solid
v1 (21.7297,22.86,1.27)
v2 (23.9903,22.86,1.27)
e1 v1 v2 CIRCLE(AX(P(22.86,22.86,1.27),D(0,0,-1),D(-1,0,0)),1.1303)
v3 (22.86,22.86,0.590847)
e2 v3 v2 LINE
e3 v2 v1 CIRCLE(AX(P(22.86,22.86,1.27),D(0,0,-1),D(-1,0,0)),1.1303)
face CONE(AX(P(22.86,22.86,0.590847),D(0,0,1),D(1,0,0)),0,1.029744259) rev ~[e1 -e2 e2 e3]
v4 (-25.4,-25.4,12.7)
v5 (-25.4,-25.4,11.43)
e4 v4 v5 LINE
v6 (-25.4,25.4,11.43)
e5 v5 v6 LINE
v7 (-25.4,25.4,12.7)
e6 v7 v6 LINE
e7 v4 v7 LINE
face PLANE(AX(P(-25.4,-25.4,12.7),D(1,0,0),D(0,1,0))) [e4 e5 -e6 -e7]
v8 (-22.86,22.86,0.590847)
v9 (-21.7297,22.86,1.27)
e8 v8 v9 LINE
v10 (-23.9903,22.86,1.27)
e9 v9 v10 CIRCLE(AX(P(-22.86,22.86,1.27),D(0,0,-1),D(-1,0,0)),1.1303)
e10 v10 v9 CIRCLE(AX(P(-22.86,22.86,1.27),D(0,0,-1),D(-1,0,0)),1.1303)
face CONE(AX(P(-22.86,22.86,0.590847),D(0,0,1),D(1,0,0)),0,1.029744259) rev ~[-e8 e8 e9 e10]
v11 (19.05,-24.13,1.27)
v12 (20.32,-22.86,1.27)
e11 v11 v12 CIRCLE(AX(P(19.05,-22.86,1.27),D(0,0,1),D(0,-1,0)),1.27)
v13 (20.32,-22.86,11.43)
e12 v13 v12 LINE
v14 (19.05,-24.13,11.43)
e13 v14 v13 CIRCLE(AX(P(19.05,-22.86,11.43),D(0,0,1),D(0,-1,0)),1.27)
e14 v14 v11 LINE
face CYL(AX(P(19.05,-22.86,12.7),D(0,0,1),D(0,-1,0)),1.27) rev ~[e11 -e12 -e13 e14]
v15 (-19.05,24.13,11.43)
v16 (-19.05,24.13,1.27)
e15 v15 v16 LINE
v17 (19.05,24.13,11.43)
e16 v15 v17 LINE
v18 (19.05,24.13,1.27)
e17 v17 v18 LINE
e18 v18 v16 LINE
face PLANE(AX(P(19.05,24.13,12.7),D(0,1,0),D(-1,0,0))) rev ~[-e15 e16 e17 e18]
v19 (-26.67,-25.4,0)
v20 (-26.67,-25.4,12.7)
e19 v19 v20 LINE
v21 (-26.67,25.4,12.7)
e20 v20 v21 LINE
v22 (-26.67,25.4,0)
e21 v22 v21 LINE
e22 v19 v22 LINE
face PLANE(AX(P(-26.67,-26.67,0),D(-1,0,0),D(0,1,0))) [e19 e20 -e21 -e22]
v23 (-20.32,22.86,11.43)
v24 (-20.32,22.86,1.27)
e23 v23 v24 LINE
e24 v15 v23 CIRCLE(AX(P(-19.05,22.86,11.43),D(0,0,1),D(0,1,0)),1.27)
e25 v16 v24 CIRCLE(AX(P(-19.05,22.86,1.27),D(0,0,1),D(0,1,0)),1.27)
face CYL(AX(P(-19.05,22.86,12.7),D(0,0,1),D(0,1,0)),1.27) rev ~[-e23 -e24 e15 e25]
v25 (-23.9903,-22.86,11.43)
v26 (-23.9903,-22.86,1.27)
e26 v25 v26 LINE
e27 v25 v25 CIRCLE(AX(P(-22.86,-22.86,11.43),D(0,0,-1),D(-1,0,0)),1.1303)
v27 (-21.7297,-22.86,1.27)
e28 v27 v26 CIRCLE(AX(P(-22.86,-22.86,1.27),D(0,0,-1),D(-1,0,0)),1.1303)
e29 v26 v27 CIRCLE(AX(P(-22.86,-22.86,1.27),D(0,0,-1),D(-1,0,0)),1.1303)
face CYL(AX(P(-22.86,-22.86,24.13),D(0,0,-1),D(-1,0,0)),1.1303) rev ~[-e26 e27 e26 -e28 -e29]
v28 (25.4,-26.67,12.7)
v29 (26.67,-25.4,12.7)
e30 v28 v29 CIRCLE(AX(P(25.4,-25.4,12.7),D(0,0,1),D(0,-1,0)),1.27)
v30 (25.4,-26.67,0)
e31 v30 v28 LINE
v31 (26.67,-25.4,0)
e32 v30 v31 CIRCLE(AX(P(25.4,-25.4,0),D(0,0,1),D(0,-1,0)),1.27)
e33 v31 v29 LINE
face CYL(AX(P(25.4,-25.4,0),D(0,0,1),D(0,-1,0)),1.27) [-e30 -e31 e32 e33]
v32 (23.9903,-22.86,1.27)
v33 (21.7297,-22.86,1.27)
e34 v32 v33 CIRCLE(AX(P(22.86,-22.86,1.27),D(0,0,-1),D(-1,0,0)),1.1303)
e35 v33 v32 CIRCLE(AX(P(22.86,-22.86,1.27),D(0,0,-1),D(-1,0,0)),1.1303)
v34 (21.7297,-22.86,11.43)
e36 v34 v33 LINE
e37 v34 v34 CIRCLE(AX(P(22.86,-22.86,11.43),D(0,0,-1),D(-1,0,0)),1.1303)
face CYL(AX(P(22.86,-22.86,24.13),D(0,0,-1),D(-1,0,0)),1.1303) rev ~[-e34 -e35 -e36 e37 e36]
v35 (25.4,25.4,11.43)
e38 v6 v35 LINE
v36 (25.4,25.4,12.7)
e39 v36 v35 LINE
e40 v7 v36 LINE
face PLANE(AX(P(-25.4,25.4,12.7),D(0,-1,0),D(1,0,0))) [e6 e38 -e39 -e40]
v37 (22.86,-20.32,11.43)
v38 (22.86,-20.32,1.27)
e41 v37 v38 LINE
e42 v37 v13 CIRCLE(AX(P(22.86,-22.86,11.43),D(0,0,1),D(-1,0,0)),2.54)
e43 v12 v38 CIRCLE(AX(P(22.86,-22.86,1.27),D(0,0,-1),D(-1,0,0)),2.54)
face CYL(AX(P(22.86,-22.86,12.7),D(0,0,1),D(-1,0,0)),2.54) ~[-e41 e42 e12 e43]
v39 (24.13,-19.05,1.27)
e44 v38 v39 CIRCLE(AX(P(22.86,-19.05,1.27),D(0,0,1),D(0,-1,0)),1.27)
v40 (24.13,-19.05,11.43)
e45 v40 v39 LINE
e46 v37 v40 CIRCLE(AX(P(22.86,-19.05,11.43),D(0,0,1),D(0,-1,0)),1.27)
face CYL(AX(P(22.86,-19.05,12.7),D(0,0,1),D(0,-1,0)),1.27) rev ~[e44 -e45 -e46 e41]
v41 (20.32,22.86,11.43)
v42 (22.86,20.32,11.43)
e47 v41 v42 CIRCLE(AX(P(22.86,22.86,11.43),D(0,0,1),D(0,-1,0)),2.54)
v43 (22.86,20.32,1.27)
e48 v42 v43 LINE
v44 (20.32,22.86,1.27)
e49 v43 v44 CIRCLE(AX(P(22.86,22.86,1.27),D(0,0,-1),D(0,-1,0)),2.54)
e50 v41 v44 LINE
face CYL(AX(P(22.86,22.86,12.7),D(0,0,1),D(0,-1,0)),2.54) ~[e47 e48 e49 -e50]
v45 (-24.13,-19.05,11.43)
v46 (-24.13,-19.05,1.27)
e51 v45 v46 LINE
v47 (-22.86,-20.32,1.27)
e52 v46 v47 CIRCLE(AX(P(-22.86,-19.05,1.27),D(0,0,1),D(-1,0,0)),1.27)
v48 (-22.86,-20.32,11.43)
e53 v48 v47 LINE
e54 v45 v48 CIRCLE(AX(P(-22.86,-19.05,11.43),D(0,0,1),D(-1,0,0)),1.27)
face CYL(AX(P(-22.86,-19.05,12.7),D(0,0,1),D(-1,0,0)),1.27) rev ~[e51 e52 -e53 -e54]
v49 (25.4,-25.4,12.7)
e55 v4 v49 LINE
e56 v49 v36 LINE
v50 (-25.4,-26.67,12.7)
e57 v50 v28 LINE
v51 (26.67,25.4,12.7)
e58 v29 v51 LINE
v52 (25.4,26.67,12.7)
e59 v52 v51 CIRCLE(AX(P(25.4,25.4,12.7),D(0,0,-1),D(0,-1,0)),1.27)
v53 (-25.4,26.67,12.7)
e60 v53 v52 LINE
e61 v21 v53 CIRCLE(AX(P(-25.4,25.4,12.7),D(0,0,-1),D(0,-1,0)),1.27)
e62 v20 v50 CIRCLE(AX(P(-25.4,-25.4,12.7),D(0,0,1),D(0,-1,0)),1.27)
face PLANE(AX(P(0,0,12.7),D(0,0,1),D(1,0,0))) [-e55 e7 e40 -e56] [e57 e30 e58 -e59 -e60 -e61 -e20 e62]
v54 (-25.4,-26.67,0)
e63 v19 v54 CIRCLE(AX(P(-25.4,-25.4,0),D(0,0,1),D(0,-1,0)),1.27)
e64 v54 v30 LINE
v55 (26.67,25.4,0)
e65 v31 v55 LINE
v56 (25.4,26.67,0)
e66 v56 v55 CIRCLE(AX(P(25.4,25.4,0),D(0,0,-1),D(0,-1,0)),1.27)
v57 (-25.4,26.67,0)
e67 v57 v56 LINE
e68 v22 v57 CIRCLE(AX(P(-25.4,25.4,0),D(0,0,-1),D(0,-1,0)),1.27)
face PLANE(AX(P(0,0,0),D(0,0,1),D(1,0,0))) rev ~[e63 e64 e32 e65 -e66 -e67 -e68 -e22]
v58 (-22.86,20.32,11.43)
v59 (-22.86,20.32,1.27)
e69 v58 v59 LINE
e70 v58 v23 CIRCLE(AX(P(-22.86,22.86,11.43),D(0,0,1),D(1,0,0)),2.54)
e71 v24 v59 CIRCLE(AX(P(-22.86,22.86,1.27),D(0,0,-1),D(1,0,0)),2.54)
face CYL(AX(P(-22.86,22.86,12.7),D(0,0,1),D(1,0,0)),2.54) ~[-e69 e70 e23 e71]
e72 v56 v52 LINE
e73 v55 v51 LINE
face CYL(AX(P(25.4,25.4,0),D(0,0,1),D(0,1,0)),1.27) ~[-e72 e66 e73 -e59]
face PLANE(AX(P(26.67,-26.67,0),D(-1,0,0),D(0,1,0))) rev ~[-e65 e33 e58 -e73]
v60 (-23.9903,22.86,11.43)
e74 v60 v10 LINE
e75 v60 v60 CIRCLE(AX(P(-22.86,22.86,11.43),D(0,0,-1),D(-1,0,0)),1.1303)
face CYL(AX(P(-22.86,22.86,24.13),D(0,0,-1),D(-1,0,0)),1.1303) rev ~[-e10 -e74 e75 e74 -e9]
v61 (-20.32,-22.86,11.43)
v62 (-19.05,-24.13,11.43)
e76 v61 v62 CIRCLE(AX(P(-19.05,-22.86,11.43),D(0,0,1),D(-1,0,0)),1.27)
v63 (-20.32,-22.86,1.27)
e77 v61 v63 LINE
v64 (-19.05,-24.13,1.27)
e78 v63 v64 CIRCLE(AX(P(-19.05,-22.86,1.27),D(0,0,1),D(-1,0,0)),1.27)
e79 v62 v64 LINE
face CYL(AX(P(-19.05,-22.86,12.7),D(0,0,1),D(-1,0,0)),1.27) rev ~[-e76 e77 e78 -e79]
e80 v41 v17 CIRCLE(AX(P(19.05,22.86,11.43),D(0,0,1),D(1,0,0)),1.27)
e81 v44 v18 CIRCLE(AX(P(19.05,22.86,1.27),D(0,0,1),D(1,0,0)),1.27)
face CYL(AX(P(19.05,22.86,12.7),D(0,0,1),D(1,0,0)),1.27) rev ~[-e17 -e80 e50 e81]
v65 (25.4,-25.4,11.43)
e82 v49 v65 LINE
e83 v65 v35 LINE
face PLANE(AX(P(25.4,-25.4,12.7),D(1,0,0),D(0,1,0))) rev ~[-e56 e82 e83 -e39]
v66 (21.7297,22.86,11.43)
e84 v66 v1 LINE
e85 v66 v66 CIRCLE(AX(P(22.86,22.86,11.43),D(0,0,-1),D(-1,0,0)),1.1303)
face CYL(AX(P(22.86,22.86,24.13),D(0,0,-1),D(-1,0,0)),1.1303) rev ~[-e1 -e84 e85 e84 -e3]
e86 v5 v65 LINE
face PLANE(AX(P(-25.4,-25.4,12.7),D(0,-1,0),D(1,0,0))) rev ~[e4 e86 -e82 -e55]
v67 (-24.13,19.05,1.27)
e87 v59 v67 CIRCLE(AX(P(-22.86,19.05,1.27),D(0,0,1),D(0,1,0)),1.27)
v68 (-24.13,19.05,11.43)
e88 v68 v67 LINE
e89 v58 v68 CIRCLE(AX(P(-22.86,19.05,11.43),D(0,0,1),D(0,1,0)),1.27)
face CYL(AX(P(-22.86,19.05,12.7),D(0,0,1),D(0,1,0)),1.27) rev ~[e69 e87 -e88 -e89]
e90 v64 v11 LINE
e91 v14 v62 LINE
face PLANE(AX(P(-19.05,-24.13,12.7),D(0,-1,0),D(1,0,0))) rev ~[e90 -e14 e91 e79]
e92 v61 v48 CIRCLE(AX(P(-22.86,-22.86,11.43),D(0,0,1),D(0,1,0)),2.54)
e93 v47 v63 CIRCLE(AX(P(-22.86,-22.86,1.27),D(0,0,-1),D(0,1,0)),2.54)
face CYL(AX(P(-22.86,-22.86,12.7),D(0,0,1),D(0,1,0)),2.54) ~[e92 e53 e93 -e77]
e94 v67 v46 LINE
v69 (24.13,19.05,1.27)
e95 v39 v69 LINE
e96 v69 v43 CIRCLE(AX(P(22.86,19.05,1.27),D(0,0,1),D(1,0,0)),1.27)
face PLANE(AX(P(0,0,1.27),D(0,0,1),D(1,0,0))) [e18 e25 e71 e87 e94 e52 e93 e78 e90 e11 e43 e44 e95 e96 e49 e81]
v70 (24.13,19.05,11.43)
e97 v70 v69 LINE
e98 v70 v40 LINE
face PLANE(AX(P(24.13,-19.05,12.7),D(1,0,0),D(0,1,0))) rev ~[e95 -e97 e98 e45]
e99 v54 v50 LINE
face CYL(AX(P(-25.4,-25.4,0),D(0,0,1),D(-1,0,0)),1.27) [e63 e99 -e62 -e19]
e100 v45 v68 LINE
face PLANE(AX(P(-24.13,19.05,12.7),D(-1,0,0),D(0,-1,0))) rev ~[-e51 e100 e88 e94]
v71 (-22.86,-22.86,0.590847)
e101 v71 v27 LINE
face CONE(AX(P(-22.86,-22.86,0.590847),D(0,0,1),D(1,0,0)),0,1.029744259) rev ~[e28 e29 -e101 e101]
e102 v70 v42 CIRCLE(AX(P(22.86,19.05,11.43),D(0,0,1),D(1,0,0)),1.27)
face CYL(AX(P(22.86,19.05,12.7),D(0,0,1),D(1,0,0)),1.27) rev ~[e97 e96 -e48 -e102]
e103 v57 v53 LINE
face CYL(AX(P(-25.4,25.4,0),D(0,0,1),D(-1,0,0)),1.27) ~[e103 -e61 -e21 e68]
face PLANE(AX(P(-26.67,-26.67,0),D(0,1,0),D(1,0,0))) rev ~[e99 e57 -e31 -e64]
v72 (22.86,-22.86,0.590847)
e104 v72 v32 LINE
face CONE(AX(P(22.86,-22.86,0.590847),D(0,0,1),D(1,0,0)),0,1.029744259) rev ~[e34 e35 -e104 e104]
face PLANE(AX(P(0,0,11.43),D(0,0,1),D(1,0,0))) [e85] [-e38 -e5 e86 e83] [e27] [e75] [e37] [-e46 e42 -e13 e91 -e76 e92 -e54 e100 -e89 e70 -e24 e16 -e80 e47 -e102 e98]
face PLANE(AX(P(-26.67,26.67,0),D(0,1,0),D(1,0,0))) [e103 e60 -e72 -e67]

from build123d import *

# Parameters (mm, degrees)
F0_W     = 53.34
F0_H     = 53.34
F1_DEPTH = 12.7
F3_D     = 2.2606
F3_DEPTH = 11.43
F3_TIP   = 0.6791527577
F5_DEPTH = 11.43
F4_W     = 50.8
F4_H     = 50.8
F6_DEPTH = 1.27
F7_R     = 1.27


with BuildPart() as f1:
    # F0 (on Top) → F1 (new body)
    with BuildSketch(Plane.XY):
        Rectangle(F0_W, F0_H)
    extrude(amount=F1_DEPTH)

    # F3
    with Locations(Plane.XY.offset(12.7)):
        with Locations((-22.86, 22.86), (22.86, 22.86), (22.86, -22.86), (-22.86, -22.86)):
            Hole(F3_D / 2, depth=F3_DEPTH)
            with Locations((0, 0, -(F3_DEPTH + F3_TIP / 2))):  # 118° drill point
                Cone(0, F3_D / 2, F3_TIP, mode=Mode.SUBTRACT)

    # F2 (on face) → F5 (cut)
    with BuildSketch(Plane.XY.offset(12.7)):
        with BuildLine():
            Line((0, 24.13), (-19.05, 24.13))
            ThreePointArc((-19.05, 24.13), (-19.9480256121, 23.7580256121), (-20.32, 22.86))
            ThreePointArc((-20.32, 22.86), (-21.0639487758, 21.0639487758), (-22.86, 20.32))
            ThreePointArc((-22.86, 20.32), (-23.7580256121, 19.9480256121), (-24.13, 19.05))
            Line((-24.13, 19.05), (-24.13, 0))
            Line((-24.13, 0), (-24.13, -19.05))
            ThreePointArc((-24.13, -19.05), (-23.7580256121, -19.9480256121), (-22.86, -20.32))
            ThreePointArc((-22.86, -20.32), (-21.0639487758, -21.0639487758), (-20.32, -22.86))
            ThreePointArc((-20.32, -22.86), (-19.9480256121, -23.7580256121), (-19.05, -24.13))
            Line((-19.05, -24.13), (0, -24.13))
            Line((0, -24.13), (19.05, -24.13))
            ThreePointArc((19.05, -24.13), (19.9480256121, -23.7580256121), (20.32, -22.86))
            ThreePointArc((20.32, -22.86), (21.0639487758, -21.0639487758), (22.86, -20.32))
            ThreePointArc((22.86, -20.32), (23.7580256121, -19.9480256121), (24.13, -19.05))
            Line((24.13, -19.05), (24.13, 0))
            Line((24.13, 0), (24.13, 19.05))
            ThreePointArc((24.13, 19.05), (23.7580256121, 19.9480256121), (22.86, 20.32))
            ThreePointArc((22.86, 20.32), (21.0639487758, 21.0639487758), (20.32, 22.86))
            ThreePointArc((20.32, 22.86), (19.9480256121, 23.7580256121), (19.05, 24.13))
            Line((19.05, 24.13), (0, 24.13))
        make_face()
    extrude(amount=-F5_DEPTH, mode=Mode.SUBTRACT)

    # F4 (on face) → F6 (cut)
    with BuildSketch(Plane.XY.offset(12.7)):
        Rectangle(F4_W, F4_H)
    extrude(amount=-F6_DEPTH, mode=Mode.SUBTRACT)

    # F7
    f7_edges = [f1.edges().sort_by_distance(p)[0] for p in [
        (-26.67, -26.67, 6.35),
        (26.67, -26.67, 6.35),
        (26.67, 26.67, 6.35),
        (-26.67, 26.67, 6.35),
    ]]
    fillet(f7_edges, radius=F7_R)


solid = f1.part
